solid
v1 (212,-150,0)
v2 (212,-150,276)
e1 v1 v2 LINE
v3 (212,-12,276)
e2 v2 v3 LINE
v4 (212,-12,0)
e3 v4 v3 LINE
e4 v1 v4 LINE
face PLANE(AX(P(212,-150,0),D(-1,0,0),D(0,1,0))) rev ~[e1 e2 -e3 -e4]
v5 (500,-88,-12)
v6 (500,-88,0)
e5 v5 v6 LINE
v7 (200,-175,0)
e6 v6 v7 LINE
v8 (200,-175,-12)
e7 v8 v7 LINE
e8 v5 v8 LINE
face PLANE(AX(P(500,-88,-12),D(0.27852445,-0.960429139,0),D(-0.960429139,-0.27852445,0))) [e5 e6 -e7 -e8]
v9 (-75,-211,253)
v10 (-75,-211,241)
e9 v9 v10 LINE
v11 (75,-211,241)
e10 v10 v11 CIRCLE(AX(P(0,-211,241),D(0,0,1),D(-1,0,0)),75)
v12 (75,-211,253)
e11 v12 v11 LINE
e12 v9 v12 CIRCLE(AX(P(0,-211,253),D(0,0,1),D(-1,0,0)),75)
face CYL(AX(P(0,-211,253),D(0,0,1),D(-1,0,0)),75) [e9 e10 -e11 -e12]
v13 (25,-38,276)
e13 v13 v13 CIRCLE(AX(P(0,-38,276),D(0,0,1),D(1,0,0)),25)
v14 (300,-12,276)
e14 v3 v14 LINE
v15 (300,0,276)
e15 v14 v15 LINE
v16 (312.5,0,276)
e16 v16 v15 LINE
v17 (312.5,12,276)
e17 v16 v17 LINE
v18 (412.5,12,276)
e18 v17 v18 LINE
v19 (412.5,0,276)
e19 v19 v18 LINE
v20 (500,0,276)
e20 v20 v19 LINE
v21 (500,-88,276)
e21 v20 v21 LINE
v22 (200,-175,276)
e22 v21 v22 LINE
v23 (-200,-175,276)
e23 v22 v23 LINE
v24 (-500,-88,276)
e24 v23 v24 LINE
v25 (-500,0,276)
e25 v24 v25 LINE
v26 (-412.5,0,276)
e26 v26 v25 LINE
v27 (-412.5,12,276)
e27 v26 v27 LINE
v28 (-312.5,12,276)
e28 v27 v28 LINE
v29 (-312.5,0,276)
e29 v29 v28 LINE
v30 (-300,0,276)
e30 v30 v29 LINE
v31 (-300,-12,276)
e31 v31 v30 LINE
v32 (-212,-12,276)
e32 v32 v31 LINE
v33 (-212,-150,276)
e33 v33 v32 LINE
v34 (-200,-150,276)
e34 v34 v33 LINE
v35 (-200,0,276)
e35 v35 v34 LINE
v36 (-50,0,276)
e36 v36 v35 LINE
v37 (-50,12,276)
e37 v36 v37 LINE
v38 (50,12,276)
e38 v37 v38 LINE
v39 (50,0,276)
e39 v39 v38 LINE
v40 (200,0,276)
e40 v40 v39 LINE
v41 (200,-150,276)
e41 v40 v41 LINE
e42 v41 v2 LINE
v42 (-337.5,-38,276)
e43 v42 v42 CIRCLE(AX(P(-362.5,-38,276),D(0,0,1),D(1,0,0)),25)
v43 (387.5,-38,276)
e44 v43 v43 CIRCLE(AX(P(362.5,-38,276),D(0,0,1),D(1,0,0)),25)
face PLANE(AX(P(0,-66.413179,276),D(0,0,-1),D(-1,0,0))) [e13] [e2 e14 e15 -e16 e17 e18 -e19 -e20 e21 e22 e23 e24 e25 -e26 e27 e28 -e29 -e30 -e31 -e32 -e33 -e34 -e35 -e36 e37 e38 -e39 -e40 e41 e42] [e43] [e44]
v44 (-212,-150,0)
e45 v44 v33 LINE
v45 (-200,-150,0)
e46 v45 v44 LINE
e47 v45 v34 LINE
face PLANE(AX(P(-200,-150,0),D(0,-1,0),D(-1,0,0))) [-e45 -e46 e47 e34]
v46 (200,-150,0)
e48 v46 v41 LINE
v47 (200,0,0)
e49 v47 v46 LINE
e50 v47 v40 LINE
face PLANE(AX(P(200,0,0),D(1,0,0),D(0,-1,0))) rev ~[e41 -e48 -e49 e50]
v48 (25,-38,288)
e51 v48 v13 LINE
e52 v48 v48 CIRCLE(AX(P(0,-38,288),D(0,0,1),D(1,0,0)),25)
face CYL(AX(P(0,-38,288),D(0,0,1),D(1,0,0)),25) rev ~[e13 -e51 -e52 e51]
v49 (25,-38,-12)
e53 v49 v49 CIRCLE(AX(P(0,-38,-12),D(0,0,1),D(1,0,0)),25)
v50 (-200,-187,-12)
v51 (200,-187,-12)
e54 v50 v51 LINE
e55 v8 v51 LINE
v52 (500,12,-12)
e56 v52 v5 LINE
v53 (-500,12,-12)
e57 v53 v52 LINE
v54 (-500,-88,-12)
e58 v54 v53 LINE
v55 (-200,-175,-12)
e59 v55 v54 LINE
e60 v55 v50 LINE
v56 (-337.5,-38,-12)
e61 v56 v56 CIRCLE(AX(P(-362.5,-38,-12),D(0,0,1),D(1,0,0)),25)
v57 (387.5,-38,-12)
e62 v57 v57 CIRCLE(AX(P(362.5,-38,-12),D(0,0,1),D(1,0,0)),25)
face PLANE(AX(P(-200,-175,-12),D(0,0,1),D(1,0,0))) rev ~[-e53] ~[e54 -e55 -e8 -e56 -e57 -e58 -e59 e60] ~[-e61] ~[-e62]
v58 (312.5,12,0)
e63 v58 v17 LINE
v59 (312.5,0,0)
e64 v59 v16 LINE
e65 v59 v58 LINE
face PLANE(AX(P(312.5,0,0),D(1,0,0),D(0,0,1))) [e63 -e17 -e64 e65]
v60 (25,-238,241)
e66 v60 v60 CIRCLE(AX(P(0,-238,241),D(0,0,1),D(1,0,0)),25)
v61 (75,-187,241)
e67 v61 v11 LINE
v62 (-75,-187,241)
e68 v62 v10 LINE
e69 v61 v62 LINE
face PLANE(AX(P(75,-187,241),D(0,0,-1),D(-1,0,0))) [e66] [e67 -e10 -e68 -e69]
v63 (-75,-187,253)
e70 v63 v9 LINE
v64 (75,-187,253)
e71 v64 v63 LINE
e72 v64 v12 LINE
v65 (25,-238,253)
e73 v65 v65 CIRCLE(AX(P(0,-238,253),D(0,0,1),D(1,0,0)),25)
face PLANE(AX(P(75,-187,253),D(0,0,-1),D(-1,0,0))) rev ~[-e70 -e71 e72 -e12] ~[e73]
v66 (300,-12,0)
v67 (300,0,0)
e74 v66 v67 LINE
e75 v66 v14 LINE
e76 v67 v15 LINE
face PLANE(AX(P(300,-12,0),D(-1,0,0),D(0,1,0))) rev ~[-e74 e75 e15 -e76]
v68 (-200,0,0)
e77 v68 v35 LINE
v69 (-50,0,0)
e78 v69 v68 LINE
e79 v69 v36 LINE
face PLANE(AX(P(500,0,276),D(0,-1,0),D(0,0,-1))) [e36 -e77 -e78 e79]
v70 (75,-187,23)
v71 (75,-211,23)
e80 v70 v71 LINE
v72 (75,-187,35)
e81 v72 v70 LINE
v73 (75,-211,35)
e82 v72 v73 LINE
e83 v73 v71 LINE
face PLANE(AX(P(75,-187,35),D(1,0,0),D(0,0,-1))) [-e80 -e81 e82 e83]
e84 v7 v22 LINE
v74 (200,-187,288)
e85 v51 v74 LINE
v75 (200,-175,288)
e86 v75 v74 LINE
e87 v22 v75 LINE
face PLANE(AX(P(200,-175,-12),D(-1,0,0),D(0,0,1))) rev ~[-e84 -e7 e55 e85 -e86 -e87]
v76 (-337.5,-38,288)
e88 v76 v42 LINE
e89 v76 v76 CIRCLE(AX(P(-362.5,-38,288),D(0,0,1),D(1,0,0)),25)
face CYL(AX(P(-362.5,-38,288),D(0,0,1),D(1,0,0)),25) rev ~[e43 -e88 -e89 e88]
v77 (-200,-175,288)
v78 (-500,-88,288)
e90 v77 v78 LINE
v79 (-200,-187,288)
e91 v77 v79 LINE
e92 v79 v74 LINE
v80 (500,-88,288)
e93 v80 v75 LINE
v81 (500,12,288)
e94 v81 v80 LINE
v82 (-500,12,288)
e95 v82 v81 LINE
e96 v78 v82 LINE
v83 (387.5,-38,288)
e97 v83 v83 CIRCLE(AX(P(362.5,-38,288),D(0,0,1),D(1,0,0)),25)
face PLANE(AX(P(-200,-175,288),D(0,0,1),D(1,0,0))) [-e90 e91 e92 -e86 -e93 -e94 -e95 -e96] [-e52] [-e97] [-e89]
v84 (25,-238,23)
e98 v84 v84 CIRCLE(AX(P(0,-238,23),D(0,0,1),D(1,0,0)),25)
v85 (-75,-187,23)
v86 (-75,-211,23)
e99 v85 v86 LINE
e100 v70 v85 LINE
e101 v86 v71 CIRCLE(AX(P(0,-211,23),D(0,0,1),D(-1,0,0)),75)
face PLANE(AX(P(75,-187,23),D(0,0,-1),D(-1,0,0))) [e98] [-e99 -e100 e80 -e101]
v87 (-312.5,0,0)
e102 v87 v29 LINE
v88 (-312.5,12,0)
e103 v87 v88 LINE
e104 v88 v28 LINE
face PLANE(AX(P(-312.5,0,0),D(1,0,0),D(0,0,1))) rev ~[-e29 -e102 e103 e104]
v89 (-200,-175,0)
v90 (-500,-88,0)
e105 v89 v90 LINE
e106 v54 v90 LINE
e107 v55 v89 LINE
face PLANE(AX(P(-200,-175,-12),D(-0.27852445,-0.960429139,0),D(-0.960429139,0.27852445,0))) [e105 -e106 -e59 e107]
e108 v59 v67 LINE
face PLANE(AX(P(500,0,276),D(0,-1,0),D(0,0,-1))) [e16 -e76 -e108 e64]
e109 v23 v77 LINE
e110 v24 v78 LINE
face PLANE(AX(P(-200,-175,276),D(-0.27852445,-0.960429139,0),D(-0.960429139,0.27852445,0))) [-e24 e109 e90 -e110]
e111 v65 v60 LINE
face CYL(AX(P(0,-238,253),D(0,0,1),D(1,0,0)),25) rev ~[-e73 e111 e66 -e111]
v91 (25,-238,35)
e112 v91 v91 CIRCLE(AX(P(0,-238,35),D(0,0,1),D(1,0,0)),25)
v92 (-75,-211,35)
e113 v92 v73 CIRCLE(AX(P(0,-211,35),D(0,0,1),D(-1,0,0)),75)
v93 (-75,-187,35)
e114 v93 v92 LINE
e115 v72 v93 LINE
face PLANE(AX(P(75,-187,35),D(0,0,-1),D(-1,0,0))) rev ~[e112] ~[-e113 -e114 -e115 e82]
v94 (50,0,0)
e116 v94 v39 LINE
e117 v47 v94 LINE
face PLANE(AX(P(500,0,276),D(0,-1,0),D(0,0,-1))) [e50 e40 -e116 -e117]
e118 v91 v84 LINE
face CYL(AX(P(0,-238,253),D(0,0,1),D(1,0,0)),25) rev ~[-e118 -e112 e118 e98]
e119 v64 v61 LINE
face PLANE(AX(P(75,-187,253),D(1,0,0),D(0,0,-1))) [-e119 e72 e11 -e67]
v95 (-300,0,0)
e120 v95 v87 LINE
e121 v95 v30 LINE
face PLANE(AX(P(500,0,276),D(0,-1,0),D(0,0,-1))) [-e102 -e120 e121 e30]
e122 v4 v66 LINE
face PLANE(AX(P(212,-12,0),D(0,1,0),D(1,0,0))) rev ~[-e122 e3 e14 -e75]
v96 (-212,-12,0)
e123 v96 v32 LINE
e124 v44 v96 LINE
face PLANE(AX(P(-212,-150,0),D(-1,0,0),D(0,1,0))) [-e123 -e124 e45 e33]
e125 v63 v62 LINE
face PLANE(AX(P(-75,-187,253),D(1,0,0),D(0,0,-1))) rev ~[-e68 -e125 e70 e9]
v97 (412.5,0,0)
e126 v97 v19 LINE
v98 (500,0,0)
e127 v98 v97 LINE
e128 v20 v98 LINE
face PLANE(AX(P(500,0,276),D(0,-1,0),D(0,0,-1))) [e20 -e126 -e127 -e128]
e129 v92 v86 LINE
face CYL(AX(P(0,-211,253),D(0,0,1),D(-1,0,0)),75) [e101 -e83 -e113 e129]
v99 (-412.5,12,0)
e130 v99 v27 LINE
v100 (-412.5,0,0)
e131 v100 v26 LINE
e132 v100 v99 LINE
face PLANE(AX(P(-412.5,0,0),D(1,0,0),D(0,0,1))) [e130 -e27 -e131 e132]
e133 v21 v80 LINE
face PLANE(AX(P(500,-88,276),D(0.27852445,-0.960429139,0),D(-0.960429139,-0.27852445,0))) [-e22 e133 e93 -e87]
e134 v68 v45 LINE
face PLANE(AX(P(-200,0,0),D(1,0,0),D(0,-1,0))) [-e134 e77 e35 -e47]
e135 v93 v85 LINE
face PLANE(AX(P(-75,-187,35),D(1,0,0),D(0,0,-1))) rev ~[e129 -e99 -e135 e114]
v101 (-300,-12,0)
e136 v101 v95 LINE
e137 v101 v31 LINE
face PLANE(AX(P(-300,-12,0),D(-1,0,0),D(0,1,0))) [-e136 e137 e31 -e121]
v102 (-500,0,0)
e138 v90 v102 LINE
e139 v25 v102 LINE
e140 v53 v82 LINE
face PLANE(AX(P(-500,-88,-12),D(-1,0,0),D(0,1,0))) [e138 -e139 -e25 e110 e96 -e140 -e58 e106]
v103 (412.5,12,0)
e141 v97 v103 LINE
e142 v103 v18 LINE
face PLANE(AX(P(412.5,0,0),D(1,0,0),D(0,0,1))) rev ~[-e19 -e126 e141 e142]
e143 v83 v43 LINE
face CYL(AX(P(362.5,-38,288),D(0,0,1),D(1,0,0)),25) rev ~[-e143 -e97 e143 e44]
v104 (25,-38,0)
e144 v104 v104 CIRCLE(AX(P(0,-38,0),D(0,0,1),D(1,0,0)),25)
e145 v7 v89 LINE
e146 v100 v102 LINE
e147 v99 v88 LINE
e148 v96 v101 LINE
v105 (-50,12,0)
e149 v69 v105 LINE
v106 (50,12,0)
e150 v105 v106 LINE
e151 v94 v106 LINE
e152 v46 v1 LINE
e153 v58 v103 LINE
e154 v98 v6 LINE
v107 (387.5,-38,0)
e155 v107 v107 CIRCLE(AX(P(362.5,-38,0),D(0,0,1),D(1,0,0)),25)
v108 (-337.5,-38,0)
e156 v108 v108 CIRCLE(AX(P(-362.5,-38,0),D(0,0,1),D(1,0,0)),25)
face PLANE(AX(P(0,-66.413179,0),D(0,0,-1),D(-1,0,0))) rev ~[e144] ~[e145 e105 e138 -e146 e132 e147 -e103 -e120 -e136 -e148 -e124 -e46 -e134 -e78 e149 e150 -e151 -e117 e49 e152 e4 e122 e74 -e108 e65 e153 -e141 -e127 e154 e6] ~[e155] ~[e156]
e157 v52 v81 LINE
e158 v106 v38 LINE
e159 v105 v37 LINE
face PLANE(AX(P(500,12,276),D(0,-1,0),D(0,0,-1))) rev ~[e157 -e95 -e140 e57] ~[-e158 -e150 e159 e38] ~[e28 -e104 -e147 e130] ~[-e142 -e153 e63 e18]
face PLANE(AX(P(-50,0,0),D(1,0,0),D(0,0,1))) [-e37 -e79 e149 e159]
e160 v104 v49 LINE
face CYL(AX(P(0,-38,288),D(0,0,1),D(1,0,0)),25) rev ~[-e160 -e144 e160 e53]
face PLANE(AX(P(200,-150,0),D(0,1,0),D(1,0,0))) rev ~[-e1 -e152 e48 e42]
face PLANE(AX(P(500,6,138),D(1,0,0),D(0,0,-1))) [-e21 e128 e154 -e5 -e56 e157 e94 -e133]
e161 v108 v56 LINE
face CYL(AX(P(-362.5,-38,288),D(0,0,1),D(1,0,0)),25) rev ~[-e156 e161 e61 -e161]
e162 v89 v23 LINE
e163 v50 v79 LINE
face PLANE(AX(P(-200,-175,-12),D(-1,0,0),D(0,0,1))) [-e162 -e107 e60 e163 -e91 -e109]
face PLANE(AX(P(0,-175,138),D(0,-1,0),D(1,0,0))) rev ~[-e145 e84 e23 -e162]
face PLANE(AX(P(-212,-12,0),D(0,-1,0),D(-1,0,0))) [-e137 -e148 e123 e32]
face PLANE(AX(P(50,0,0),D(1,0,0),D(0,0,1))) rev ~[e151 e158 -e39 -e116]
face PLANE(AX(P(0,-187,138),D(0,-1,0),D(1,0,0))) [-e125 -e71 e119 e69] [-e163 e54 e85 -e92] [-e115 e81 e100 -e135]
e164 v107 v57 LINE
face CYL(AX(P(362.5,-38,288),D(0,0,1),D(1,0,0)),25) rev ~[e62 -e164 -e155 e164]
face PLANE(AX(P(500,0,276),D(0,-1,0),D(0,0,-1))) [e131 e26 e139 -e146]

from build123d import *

# Parameters (mm, degrees)
EXTRUDE_1_DEPTH        = 276
EXTRUDE_1_2_DEPTH      = 276
EXTRUDE_2_DEPTH        = 12
PATTERN_LINEAR_1_COUNT = 2
PATTERN_LINEAR_1_PITCH = 288
SKETCH_3_W             = 276
SKETCH_3_H             = 12
EXTRUDE_3_DEPTH        = 1000
SKETCH_4_W             = 400
SKETCH_4_H             = 300
EXTRUDE_4_DEPTH        = 12
SKETCH_5_W             = 150
SKETCH_5_H             = 12
EXTRUDE_5_DEPTH        = 100
SKETCH_6_R             = 25
CUT_EXTRUDE_1_DEPTH    = 635.502955076
SKETCH_7_R             = 25
CUT_EXTRUDE_2_DEPTH    = 650.458235763
SKETCH_8_W             = 100
SKETCH_8_H             = 276
CUT_EXTRUDE_3_DEPTH    = 645.003105583


with BuildPart() as part:
    # 草图1 → 凸台-拉伸1 (new body)
    with BuildSketch(Plane.XY):
        Polygon((-300, 0), (-200, 0), (-200, -150), (-212, -150), (-212, -12), (-300, -12), align=None)
    extrude(amount=EXTRUDE_1_DEPTH)



with BuildPart() as body_2:
    # 草图1 → Extrude 1 2 (new body)
    with BuildSketch(Plane.XY):
        Polygon((300, 0), (200, 0), (200, -150), (212, -150), (212, -12), (300, -12), align=None)
    extrude(amount=EXTRUDE_1_2_DEPTH)


with BuildPart() as part_1:
    add(part.part)

    add(body_2.part)  # 凸台-拉伸2 merges body 2
    # 草图2 → 凸台-拉伸2 (add)
    with BuildSketch(Plane.XY.offset(276)):
        Polygon((-500, 12), (500, 12), (500, -88), (200, -175), (-200, -175), (-500, -88), align=None)
    extrude_2 = extrude(amount=EXTRUDE_2_DEPTH)

    # 阵列(线性)1: 凸台-拉伸2 ×2
    with Locations(*[(0, 0, -i * PATTERN_LINEAR_1_PITCH) for i in range(1, PATTERN_LINEAR_1_COUNT)]):
        add(extrude_2)

    # 草图3 → 凸台-拉伸3 (add)
    with BuildSketch(Plane(origin=(500, 0, 0), x_dir=(0, 0, -1), z_dir=(1, 0, 0))):
        with Locations((-138, 6)):
            Rectangle(SKETCH_3_W, SKETCH_3_H)
    extrude(amount=-EXTRUDE_3_DEPTH)

    # 草图4 → 凸台-拉伸4 (add)
    with BuildSketch(Plane.XZ.offset(175)):
        with Locations((0, 138)):
            Rectangle(SKETCH_4_W, SKETCH_4_H)
    extrude(amount=EXTRUDE_4_DEPTH)

    # 草图5 → 凸台-拉伸5 (add)
    with BuildSketch(Plane(origin=(0, -187, 0), x_dir=(-1, 0, 0), z_dir=(0, -1, 0))):
        with Locations((0, -247)):
            Rectangle(SKETCH_5_W, SKETCH_5_H)
        with Locations((0, -29)):
            Rectangle(SKETCH_5_W, SKETCH_5_H)
    extrude(amount=EXTRUDE_5_DEPTH)

    # 草图6 → 切除-拉伸1 (cut, through all)
    with BuildSketch(Plane.XY.offset(253)):
        with Locations((0, -238)):
            Circle(SKETCH_6_R)
        with BuildLine():
            Line((75, -211), (75, -287))
            Line((75, -287), (-75, -287))
            Line((-75, -287), (-75, -211))
            ThreePointArc((-75, -211), (0, -286), (75, -211))
        make_face()
    extrude(amount=-CUT_EXTRUDE_1_DEPTH, mode=Mode.SUBTRACT)

    # 草图7 → 切除-拉伸2 (cut, through all)
    with BuildSketch(Plane.XY.offset(288)):
        with Locations((-362.5, -38)):
            Circle(SKETCH_7_R)
        with Locations((362.5, -38)):
            Circle(SKETCH_7_R)
        with Locations((0, -38)):
            Circle(SKETCH_7_R)
    extrude(amount=-CUT_EXTRUDE_2_DEPTH, mode=Mode.SUBTRACT)

    # 草图8 → 切除-拉伸3 (cut, through all)
    with BuildSketch(Plane.XZ):
        with Locations((362.5, 138)):
            Rectangle(SKETCH_8_W, SKETCH_8_H)
        with Locations((-362.5, 138)):
            Rectangle(SKETCH_8_W, SKETCH_8_H)
        with Locations((0, 138)):
            Rectangle(SKETCH_8_W, SKETCH_8_H)
    extrude(amount=-CUT_EXTRUDE_3_DEPTH, mode=Mode.SUBTRACT)


solid = part_1.part
